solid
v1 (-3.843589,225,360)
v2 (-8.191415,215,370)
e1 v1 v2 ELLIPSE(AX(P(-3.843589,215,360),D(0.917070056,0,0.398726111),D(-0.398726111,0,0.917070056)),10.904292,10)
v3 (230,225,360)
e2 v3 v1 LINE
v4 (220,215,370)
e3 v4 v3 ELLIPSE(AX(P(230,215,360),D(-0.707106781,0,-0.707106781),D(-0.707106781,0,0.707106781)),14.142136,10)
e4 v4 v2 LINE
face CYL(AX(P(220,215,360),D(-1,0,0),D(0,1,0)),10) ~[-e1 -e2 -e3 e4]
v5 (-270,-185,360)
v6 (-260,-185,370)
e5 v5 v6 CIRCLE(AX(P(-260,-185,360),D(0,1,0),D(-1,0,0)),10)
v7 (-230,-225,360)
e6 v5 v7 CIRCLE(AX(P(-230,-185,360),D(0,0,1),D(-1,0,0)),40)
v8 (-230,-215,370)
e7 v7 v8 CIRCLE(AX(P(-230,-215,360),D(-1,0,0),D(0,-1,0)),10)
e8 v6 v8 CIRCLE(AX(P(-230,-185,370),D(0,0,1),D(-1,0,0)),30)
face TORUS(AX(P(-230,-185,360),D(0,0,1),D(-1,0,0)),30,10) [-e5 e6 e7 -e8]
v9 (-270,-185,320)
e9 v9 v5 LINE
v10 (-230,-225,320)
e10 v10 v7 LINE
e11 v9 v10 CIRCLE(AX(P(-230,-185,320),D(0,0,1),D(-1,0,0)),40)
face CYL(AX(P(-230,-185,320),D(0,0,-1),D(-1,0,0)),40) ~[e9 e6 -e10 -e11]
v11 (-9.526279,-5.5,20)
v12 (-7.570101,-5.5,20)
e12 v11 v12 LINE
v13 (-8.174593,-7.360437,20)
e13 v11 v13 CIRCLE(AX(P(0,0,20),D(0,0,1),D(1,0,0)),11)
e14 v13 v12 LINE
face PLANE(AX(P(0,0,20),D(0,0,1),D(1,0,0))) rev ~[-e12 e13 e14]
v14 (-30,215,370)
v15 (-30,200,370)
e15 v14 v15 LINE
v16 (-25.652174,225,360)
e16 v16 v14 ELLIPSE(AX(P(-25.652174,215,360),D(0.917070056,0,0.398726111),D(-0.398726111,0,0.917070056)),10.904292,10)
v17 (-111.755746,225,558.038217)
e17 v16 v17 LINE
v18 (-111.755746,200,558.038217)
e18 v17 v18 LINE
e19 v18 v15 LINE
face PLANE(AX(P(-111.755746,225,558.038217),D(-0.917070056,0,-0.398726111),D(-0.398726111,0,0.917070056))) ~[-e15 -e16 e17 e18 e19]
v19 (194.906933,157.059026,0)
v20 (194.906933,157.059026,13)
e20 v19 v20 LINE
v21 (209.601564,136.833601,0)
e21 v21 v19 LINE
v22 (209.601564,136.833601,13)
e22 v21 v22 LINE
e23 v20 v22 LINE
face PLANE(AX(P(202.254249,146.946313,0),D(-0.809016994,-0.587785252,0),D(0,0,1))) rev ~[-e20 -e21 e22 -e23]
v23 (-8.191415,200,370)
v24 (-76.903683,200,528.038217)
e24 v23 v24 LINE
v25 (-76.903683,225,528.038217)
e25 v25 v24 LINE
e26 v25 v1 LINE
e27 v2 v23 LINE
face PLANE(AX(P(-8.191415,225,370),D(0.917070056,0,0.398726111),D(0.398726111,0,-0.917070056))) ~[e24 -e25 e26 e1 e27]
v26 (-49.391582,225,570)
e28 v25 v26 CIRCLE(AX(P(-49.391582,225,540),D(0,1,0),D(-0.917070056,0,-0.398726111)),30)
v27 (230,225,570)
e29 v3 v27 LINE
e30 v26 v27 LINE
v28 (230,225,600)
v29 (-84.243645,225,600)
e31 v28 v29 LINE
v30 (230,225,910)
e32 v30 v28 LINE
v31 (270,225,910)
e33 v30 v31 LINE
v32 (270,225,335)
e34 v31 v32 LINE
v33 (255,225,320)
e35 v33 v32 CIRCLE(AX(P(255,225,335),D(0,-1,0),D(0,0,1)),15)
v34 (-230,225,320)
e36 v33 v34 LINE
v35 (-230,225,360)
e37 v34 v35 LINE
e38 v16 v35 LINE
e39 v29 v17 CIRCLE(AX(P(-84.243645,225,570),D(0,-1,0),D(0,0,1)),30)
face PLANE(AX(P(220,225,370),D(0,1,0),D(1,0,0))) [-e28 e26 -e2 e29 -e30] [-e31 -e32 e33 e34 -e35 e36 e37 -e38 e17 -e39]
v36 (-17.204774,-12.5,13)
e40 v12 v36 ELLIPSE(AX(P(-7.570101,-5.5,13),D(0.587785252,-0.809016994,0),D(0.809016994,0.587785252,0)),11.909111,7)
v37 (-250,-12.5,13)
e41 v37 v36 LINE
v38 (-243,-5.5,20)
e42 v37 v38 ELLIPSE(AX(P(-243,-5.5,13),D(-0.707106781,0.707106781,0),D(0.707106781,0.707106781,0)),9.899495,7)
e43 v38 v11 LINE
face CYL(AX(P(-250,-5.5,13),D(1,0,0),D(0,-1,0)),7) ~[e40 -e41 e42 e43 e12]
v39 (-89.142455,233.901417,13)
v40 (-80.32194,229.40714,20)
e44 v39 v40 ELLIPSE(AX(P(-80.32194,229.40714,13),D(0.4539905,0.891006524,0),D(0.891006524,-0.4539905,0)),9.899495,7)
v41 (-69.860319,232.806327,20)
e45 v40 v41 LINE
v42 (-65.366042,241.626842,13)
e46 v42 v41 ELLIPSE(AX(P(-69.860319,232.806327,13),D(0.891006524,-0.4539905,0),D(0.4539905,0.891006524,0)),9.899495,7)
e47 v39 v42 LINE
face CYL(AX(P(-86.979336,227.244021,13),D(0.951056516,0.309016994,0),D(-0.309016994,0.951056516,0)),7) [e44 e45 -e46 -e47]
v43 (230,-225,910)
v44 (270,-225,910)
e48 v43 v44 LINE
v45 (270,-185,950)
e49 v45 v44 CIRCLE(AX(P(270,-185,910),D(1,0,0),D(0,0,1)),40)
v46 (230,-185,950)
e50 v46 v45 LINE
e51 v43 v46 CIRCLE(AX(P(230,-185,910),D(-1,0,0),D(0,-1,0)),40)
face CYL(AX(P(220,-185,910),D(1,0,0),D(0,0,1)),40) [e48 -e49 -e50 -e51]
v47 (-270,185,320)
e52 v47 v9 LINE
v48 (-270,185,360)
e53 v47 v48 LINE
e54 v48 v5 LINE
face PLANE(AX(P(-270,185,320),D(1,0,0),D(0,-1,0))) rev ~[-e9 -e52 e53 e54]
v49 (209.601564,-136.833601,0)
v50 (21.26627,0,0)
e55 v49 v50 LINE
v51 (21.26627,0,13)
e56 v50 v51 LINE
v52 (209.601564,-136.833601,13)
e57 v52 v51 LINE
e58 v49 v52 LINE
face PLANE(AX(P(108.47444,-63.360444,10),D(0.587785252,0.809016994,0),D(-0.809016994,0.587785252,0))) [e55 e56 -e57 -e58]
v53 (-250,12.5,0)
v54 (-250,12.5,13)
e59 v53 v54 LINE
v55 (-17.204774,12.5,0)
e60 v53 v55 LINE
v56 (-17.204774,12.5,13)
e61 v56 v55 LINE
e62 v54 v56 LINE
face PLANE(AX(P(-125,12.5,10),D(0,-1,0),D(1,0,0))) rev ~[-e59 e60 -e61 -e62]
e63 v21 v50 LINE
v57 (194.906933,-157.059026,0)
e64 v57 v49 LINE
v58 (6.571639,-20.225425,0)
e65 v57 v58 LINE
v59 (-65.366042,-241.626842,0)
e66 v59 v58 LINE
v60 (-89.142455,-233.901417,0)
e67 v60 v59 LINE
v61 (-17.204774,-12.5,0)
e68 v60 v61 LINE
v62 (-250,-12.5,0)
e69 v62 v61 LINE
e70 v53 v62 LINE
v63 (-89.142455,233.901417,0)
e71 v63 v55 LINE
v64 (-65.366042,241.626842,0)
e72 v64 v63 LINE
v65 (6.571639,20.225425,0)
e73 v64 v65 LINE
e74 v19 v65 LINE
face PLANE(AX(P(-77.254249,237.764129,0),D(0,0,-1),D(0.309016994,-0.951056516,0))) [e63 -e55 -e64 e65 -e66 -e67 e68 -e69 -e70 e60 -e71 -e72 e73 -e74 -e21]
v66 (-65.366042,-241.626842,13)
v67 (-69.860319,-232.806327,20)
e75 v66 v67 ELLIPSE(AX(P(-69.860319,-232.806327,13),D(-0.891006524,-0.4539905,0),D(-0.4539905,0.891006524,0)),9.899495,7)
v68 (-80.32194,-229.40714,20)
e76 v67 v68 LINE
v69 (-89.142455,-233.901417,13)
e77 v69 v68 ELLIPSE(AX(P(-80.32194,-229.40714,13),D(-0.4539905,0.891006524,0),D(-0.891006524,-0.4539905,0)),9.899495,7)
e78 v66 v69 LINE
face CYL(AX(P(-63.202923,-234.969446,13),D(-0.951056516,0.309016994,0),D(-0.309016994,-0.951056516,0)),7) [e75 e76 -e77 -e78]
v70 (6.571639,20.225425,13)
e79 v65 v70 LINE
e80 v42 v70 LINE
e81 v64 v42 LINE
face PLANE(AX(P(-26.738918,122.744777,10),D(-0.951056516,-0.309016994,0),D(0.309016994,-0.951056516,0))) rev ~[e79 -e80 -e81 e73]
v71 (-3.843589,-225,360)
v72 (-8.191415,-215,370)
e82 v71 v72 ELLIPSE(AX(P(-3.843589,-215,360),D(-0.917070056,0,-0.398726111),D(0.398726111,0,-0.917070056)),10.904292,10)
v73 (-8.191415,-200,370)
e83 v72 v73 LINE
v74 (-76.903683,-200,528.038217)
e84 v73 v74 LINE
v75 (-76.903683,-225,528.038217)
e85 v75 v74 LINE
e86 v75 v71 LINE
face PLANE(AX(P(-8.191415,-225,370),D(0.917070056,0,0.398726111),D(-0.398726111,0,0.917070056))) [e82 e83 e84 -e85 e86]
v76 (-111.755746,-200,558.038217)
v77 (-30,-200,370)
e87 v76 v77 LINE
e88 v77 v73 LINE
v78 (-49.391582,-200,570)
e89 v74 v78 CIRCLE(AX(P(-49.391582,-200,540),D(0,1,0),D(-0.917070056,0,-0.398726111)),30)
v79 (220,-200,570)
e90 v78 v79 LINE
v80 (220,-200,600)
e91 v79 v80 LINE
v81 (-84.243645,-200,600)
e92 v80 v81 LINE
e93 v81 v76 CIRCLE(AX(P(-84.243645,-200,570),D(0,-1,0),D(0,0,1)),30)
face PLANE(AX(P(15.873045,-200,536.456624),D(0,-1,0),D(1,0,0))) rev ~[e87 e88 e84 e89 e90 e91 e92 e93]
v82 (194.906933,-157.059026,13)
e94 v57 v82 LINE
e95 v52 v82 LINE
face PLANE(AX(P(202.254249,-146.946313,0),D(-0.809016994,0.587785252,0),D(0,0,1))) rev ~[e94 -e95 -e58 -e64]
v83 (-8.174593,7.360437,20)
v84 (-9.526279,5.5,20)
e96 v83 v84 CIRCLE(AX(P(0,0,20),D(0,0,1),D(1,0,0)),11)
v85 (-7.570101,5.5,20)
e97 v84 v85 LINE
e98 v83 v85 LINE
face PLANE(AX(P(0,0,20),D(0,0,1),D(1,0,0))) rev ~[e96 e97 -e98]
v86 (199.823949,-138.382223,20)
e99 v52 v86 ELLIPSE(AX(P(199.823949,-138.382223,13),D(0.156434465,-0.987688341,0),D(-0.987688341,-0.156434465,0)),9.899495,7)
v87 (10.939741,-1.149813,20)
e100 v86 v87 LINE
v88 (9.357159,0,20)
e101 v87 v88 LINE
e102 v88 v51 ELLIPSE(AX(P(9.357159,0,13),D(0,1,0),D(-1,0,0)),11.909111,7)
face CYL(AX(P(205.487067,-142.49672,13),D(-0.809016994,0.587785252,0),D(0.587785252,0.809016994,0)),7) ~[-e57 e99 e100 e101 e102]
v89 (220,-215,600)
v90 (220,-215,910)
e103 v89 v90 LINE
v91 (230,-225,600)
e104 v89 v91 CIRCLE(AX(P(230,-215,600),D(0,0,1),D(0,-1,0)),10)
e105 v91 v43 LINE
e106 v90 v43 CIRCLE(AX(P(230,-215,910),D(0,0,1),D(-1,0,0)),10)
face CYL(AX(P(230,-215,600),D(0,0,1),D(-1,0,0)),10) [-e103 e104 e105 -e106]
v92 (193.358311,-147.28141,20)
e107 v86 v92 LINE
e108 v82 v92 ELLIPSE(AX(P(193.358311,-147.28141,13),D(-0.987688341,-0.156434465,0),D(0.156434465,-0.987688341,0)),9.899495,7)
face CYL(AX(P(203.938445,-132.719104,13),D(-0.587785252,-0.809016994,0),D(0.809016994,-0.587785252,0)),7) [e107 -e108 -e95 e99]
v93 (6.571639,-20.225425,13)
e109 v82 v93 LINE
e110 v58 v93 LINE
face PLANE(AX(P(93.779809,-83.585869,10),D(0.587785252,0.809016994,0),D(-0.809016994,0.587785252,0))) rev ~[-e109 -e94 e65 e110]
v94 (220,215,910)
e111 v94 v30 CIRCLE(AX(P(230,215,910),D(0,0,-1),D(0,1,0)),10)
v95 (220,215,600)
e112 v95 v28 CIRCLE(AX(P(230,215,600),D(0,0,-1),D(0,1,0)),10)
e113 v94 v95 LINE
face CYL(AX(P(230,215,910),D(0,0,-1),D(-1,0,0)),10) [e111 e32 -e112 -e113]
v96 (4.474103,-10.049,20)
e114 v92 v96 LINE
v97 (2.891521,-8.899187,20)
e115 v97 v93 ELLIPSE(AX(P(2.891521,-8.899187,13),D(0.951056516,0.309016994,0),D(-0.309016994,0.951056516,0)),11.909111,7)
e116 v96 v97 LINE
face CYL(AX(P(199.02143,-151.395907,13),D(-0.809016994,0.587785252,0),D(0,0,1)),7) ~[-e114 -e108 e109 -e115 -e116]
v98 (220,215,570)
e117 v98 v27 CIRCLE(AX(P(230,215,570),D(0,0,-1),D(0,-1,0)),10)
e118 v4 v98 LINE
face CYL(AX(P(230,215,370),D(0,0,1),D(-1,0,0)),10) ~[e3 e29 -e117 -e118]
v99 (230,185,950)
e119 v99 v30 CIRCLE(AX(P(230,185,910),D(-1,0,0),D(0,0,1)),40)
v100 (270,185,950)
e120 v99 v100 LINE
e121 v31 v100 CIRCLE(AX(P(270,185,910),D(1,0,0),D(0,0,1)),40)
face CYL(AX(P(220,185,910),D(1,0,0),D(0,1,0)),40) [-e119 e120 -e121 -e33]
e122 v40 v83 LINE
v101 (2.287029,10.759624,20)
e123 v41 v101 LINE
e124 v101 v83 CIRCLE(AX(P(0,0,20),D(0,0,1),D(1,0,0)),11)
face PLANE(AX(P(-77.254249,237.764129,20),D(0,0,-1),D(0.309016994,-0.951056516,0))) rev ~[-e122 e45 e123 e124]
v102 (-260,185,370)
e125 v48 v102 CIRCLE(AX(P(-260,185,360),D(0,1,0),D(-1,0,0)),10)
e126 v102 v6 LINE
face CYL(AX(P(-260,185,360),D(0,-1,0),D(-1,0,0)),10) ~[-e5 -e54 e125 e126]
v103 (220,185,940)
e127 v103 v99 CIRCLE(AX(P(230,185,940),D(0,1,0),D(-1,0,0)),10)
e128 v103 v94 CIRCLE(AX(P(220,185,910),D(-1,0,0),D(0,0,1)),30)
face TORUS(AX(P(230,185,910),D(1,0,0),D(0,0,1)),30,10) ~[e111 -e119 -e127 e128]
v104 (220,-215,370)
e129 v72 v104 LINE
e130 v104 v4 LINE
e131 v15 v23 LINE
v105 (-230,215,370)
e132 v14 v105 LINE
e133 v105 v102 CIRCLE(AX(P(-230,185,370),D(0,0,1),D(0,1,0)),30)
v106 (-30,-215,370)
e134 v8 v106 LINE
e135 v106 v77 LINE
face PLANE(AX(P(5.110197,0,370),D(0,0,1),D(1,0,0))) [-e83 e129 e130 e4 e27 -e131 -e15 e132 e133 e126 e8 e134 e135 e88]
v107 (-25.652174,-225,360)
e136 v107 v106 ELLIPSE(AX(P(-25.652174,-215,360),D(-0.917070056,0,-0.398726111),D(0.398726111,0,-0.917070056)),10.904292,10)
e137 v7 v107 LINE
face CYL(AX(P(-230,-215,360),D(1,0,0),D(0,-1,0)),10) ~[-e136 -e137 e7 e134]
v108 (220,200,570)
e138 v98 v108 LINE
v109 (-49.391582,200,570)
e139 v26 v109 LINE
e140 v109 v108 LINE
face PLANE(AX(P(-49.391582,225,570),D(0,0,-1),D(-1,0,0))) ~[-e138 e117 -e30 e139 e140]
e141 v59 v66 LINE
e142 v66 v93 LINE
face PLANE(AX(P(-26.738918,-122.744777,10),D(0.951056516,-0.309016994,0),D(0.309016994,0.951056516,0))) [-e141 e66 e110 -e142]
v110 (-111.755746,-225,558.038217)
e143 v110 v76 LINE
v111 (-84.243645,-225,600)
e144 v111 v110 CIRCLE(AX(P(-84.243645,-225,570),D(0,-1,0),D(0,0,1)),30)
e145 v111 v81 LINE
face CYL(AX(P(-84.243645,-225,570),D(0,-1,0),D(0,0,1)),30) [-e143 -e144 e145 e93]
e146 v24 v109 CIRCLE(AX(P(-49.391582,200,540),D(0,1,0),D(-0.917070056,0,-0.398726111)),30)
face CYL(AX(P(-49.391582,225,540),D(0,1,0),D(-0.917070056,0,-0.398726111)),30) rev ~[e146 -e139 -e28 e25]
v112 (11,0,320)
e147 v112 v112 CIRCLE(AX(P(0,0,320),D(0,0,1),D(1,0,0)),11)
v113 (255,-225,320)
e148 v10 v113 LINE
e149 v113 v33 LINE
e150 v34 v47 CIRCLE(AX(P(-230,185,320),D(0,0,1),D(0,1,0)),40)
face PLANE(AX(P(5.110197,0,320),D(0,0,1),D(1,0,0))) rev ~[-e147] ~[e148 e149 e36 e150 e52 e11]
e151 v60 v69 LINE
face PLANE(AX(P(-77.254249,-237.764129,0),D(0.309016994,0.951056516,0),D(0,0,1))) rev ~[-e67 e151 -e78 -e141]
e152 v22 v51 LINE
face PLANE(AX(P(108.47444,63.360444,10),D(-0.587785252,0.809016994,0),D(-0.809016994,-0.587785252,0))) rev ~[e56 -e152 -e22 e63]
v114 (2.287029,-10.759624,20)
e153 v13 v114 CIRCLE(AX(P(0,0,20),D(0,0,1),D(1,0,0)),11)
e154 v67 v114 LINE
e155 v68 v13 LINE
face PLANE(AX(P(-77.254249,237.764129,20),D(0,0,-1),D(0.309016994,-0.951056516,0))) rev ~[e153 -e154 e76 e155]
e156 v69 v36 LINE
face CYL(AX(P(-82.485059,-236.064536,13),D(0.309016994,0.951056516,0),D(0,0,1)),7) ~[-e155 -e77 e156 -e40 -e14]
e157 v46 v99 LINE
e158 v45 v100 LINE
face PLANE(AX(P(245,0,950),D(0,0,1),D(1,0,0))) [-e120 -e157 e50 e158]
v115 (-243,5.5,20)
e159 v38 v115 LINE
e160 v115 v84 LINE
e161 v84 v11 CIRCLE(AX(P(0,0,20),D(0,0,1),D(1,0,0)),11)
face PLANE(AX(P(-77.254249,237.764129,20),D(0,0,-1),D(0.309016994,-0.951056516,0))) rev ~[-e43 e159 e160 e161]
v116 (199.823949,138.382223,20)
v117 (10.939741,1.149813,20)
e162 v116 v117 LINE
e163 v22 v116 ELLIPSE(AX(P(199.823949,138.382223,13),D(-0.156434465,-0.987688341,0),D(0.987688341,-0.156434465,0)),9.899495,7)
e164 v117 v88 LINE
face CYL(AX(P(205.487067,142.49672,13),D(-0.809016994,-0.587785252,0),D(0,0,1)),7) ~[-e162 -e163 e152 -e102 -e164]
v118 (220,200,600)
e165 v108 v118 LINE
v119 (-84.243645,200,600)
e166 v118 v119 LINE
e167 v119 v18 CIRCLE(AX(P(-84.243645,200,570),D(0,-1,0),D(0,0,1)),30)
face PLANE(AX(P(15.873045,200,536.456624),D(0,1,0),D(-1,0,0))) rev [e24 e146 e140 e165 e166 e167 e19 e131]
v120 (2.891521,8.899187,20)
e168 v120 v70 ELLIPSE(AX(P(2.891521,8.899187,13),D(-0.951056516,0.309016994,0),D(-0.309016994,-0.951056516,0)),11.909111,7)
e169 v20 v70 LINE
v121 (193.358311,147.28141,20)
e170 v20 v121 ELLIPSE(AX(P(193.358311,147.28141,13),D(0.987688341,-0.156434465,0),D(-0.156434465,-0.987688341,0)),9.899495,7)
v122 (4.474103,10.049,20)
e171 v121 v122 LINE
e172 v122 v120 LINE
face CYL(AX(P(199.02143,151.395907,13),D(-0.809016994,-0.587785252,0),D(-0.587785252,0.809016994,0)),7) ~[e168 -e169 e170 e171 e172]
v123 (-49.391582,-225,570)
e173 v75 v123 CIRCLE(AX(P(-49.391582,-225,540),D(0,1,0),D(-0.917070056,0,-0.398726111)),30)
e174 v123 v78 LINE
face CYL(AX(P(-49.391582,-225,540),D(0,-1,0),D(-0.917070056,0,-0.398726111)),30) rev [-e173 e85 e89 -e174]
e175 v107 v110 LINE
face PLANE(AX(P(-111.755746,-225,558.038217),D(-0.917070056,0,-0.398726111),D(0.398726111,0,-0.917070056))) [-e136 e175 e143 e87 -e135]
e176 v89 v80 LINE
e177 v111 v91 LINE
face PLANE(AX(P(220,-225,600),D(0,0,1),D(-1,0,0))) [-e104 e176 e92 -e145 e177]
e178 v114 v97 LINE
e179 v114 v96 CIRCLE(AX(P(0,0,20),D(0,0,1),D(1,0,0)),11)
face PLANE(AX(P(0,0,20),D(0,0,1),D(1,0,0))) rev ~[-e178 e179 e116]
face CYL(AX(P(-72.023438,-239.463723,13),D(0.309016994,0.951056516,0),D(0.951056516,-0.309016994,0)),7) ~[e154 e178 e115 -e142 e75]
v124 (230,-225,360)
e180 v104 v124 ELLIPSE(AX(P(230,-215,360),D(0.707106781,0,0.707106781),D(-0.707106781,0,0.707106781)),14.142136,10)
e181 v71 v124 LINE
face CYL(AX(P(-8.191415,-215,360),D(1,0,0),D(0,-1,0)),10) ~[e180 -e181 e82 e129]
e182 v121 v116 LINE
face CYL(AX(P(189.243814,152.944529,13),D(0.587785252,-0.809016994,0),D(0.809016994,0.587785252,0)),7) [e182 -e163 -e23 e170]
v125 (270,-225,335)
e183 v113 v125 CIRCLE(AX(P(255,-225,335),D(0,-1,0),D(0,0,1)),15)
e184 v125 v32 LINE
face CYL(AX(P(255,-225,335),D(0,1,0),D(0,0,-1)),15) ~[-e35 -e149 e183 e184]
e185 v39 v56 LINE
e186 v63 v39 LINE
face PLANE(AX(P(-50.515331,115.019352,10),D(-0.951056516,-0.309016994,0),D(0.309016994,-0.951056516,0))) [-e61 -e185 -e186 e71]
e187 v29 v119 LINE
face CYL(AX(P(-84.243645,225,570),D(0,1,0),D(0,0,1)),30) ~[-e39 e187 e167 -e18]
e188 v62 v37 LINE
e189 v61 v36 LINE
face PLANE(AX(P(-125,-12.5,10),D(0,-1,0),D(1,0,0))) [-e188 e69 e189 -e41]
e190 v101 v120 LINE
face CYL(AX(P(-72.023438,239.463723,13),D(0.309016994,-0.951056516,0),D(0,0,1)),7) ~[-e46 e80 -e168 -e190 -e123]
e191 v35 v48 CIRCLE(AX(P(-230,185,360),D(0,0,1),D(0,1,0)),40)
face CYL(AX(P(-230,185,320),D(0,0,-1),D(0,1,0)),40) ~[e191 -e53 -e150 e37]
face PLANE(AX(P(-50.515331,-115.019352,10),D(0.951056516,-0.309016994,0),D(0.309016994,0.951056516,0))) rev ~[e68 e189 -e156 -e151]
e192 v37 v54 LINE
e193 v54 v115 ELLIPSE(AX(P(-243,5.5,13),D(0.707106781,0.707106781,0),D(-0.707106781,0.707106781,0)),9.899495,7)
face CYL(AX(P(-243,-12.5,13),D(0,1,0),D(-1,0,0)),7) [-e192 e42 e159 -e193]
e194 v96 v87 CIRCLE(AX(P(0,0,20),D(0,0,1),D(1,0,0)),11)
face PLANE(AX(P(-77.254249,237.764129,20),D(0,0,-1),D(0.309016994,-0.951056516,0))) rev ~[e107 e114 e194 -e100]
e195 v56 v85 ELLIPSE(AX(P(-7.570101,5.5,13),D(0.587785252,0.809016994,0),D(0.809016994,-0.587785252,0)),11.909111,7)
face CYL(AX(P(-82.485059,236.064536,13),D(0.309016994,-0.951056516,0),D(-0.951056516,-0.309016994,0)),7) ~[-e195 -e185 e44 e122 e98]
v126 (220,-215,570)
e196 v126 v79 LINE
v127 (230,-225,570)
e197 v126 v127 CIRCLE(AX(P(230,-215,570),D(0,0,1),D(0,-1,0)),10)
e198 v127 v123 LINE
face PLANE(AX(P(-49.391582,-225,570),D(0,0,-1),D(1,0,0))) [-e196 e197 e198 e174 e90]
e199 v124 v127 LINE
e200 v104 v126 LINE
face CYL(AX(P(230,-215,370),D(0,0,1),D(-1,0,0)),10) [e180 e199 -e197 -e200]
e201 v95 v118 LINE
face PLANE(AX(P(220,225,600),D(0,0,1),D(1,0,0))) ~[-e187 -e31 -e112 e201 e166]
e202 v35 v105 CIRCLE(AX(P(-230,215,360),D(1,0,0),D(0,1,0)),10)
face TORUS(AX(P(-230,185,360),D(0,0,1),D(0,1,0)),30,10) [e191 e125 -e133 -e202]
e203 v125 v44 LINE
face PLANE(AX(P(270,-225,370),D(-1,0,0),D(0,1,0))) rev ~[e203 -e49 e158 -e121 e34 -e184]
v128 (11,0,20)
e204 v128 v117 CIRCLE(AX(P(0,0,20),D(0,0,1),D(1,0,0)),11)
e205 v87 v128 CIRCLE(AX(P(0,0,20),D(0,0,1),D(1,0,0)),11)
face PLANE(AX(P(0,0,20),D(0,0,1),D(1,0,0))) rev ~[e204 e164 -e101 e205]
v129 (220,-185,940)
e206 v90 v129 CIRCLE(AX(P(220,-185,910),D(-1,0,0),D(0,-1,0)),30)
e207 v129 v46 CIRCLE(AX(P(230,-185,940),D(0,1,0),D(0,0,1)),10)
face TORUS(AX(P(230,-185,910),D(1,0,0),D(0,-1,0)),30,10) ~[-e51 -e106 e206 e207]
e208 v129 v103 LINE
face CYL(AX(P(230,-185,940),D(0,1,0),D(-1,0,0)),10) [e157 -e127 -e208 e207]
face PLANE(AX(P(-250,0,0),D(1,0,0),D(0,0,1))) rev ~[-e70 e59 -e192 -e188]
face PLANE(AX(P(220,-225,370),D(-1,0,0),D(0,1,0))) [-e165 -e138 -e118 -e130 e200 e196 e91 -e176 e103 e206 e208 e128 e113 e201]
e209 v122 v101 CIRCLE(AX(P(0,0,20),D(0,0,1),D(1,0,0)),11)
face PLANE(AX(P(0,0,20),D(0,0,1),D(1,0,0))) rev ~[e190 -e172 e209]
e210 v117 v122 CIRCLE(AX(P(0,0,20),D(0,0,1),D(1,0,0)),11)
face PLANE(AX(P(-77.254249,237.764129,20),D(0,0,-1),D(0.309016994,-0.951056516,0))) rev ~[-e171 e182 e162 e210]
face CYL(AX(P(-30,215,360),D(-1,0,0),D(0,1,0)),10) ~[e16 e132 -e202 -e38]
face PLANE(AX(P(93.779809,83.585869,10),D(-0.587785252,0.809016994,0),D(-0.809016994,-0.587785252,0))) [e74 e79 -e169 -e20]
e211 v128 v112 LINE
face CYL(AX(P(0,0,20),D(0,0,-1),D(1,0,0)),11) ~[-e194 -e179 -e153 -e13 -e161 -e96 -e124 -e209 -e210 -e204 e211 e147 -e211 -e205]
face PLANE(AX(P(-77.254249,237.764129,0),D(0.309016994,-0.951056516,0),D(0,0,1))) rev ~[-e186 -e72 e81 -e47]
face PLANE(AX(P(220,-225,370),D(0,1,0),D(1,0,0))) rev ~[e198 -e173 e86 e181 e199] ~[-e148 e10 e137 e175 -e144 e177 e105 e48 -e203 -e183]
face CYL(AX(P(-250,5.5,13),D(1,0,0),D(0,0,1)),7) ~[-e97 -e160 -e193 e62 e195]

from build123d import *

# Parameters (mm, degrees)
F0_W      = 250
F0_H      = 20
F1_DEPTH  = 12.5
F2_R      = 7
F4_COUNT  = 5
F5_R      = 11
F6_DEPTH  = 300
F7_R      = 11
F8_DEPTH  = 50
F9_W      = 50
F9_H      = 450
F10_DEPTH = 580
F12_DEPTH = 25
F14_R     = 40
F15_R     = 10
F16_R     = 15


with BuildPart() as f1:
    # F0 (on Front) → F1 (new body, symmetric)
    with BuildSketch(Plane.XZ):
        with Locations((-125, 10)):
            Rectangle(F0_W, F0_H)
    extrude(amount=F1_DEPTH, both=True)

    # F2
    f2_edges = [f1.edges().sort_by_distance(p)[0] for p in [
        (-125, -12.5, 20),
        (-250, 0, 20),
        (-125, 12.5, 20),
    ]]
    fillet(f2_edges, radius=F2_R)

    # F4: F1 ×5 about axis
    f4_axis = Axis((0, 0, 61.4663511515), (0, 0, 1))


with BuildPart() as f1_1:
    add(f1.part)
    for i in range(1, F4_COUNT):
        add(f1.part.rotate(f4_axis, i * 360 / F4_COUNT))

    # F5 (on face) → F6 (join)
    with BuildSketch(Plane.XY.offset(20)):
        Circle(F5_R)
    extrude(amount=F6_DEPTH)

    # F7 (on face) → F8 (join)
    with BuildSketch(Plane.XY.offset(320)):
        with BuildLine():
            Line((270, -225), (270, 225))
            Line((270, 225), (-230, 225))
            ThreePointArc((-230, 225), (-258.2842712475, 213.2842712475), (-270, 185))
            Line((-270, 185), (-270, -185))
            ThreePointArc((-270, -185), (-258.2842712475, -213.2842712475), (-230, -225))
            Line((-230, -225), (270, -225))
        make_face()
        Circle(F7_R, mode=Mode.SUBTRACT)
        Circle(F7_R)
    extrude(amount=F8_DEPTH)

    # F9 (on face) → F10 (join)
    with BuildSketch(Plane.XY.offset(370)):
        with Locations((245, 0)):
            Rectangle(F9_W, F9_H)
    extrude(amount=F10_DEPTH)

    # F11 (on face) → F12 (join)
    with BuildSketch(Plane.XZ.offset(225)):
        with BuildLine():
            Line((220, 570), (220, 600))
            Line((220, 600), (-84.2436446853, 600))
            ThreePointArc((-84.2436446853, 600), (-109.3320234718, 586.4491109141), (-111.7557463729, 558.0382166576))
            Line((-111.7557463729, 558.0382166576), (-30, 370))
            Line((-30, 370), (-8.1914152974, 370))
            Line((-8.1914152974, 370), (-76.9036834094, 528.0382166576))
            ThreePointArc((-76.9036834094, 528.0382166576), (-74.4799605083, 556.4491109141), (-49.3915817218, 570))
            Line((-49.3915817218, 570), (220, 570))
        make_face()
    extrude(amount=-F12_DEPTH)

    # F13: F1 across plane


with BuildPart() as f1_2:
    add(f1_1.part)
    add(f1_1.part.mirror(Plane.XZ))

    # F14
    f14_edges = [f1_2.edges().sort_by_distance(p)[0] for p in [
        (245, -225, 950),
        (245, 225, 950),
    ]]
    fillet(f14_edges, radius=F14_R)

    # F15
    f15_edges = [f1_2.edges().sort_by_distance(p)[0] for p in [
        (220, 0, 950),
        (220, -213.284271, 938.284271),
        (220, -225, 755),
        (220, 225, 755),
        (220, 213.284271, 938.284271),
        (220, 225, 470),
        (220, -225, 470),
        (105.904292, -225, 370),
        (-130, -225, 370),
        (105.904292, 225, 370),
    ]]
    fillet(f15_edges, radius=F15_R)

    # F16
    f16_edges = [f1_2.edges().sort_by_distance(p)[0] for p in [
        (270, 0, 320),
    ]]
    fillet(f16_edges, radius=F16_R)


solid = f1_2.part
